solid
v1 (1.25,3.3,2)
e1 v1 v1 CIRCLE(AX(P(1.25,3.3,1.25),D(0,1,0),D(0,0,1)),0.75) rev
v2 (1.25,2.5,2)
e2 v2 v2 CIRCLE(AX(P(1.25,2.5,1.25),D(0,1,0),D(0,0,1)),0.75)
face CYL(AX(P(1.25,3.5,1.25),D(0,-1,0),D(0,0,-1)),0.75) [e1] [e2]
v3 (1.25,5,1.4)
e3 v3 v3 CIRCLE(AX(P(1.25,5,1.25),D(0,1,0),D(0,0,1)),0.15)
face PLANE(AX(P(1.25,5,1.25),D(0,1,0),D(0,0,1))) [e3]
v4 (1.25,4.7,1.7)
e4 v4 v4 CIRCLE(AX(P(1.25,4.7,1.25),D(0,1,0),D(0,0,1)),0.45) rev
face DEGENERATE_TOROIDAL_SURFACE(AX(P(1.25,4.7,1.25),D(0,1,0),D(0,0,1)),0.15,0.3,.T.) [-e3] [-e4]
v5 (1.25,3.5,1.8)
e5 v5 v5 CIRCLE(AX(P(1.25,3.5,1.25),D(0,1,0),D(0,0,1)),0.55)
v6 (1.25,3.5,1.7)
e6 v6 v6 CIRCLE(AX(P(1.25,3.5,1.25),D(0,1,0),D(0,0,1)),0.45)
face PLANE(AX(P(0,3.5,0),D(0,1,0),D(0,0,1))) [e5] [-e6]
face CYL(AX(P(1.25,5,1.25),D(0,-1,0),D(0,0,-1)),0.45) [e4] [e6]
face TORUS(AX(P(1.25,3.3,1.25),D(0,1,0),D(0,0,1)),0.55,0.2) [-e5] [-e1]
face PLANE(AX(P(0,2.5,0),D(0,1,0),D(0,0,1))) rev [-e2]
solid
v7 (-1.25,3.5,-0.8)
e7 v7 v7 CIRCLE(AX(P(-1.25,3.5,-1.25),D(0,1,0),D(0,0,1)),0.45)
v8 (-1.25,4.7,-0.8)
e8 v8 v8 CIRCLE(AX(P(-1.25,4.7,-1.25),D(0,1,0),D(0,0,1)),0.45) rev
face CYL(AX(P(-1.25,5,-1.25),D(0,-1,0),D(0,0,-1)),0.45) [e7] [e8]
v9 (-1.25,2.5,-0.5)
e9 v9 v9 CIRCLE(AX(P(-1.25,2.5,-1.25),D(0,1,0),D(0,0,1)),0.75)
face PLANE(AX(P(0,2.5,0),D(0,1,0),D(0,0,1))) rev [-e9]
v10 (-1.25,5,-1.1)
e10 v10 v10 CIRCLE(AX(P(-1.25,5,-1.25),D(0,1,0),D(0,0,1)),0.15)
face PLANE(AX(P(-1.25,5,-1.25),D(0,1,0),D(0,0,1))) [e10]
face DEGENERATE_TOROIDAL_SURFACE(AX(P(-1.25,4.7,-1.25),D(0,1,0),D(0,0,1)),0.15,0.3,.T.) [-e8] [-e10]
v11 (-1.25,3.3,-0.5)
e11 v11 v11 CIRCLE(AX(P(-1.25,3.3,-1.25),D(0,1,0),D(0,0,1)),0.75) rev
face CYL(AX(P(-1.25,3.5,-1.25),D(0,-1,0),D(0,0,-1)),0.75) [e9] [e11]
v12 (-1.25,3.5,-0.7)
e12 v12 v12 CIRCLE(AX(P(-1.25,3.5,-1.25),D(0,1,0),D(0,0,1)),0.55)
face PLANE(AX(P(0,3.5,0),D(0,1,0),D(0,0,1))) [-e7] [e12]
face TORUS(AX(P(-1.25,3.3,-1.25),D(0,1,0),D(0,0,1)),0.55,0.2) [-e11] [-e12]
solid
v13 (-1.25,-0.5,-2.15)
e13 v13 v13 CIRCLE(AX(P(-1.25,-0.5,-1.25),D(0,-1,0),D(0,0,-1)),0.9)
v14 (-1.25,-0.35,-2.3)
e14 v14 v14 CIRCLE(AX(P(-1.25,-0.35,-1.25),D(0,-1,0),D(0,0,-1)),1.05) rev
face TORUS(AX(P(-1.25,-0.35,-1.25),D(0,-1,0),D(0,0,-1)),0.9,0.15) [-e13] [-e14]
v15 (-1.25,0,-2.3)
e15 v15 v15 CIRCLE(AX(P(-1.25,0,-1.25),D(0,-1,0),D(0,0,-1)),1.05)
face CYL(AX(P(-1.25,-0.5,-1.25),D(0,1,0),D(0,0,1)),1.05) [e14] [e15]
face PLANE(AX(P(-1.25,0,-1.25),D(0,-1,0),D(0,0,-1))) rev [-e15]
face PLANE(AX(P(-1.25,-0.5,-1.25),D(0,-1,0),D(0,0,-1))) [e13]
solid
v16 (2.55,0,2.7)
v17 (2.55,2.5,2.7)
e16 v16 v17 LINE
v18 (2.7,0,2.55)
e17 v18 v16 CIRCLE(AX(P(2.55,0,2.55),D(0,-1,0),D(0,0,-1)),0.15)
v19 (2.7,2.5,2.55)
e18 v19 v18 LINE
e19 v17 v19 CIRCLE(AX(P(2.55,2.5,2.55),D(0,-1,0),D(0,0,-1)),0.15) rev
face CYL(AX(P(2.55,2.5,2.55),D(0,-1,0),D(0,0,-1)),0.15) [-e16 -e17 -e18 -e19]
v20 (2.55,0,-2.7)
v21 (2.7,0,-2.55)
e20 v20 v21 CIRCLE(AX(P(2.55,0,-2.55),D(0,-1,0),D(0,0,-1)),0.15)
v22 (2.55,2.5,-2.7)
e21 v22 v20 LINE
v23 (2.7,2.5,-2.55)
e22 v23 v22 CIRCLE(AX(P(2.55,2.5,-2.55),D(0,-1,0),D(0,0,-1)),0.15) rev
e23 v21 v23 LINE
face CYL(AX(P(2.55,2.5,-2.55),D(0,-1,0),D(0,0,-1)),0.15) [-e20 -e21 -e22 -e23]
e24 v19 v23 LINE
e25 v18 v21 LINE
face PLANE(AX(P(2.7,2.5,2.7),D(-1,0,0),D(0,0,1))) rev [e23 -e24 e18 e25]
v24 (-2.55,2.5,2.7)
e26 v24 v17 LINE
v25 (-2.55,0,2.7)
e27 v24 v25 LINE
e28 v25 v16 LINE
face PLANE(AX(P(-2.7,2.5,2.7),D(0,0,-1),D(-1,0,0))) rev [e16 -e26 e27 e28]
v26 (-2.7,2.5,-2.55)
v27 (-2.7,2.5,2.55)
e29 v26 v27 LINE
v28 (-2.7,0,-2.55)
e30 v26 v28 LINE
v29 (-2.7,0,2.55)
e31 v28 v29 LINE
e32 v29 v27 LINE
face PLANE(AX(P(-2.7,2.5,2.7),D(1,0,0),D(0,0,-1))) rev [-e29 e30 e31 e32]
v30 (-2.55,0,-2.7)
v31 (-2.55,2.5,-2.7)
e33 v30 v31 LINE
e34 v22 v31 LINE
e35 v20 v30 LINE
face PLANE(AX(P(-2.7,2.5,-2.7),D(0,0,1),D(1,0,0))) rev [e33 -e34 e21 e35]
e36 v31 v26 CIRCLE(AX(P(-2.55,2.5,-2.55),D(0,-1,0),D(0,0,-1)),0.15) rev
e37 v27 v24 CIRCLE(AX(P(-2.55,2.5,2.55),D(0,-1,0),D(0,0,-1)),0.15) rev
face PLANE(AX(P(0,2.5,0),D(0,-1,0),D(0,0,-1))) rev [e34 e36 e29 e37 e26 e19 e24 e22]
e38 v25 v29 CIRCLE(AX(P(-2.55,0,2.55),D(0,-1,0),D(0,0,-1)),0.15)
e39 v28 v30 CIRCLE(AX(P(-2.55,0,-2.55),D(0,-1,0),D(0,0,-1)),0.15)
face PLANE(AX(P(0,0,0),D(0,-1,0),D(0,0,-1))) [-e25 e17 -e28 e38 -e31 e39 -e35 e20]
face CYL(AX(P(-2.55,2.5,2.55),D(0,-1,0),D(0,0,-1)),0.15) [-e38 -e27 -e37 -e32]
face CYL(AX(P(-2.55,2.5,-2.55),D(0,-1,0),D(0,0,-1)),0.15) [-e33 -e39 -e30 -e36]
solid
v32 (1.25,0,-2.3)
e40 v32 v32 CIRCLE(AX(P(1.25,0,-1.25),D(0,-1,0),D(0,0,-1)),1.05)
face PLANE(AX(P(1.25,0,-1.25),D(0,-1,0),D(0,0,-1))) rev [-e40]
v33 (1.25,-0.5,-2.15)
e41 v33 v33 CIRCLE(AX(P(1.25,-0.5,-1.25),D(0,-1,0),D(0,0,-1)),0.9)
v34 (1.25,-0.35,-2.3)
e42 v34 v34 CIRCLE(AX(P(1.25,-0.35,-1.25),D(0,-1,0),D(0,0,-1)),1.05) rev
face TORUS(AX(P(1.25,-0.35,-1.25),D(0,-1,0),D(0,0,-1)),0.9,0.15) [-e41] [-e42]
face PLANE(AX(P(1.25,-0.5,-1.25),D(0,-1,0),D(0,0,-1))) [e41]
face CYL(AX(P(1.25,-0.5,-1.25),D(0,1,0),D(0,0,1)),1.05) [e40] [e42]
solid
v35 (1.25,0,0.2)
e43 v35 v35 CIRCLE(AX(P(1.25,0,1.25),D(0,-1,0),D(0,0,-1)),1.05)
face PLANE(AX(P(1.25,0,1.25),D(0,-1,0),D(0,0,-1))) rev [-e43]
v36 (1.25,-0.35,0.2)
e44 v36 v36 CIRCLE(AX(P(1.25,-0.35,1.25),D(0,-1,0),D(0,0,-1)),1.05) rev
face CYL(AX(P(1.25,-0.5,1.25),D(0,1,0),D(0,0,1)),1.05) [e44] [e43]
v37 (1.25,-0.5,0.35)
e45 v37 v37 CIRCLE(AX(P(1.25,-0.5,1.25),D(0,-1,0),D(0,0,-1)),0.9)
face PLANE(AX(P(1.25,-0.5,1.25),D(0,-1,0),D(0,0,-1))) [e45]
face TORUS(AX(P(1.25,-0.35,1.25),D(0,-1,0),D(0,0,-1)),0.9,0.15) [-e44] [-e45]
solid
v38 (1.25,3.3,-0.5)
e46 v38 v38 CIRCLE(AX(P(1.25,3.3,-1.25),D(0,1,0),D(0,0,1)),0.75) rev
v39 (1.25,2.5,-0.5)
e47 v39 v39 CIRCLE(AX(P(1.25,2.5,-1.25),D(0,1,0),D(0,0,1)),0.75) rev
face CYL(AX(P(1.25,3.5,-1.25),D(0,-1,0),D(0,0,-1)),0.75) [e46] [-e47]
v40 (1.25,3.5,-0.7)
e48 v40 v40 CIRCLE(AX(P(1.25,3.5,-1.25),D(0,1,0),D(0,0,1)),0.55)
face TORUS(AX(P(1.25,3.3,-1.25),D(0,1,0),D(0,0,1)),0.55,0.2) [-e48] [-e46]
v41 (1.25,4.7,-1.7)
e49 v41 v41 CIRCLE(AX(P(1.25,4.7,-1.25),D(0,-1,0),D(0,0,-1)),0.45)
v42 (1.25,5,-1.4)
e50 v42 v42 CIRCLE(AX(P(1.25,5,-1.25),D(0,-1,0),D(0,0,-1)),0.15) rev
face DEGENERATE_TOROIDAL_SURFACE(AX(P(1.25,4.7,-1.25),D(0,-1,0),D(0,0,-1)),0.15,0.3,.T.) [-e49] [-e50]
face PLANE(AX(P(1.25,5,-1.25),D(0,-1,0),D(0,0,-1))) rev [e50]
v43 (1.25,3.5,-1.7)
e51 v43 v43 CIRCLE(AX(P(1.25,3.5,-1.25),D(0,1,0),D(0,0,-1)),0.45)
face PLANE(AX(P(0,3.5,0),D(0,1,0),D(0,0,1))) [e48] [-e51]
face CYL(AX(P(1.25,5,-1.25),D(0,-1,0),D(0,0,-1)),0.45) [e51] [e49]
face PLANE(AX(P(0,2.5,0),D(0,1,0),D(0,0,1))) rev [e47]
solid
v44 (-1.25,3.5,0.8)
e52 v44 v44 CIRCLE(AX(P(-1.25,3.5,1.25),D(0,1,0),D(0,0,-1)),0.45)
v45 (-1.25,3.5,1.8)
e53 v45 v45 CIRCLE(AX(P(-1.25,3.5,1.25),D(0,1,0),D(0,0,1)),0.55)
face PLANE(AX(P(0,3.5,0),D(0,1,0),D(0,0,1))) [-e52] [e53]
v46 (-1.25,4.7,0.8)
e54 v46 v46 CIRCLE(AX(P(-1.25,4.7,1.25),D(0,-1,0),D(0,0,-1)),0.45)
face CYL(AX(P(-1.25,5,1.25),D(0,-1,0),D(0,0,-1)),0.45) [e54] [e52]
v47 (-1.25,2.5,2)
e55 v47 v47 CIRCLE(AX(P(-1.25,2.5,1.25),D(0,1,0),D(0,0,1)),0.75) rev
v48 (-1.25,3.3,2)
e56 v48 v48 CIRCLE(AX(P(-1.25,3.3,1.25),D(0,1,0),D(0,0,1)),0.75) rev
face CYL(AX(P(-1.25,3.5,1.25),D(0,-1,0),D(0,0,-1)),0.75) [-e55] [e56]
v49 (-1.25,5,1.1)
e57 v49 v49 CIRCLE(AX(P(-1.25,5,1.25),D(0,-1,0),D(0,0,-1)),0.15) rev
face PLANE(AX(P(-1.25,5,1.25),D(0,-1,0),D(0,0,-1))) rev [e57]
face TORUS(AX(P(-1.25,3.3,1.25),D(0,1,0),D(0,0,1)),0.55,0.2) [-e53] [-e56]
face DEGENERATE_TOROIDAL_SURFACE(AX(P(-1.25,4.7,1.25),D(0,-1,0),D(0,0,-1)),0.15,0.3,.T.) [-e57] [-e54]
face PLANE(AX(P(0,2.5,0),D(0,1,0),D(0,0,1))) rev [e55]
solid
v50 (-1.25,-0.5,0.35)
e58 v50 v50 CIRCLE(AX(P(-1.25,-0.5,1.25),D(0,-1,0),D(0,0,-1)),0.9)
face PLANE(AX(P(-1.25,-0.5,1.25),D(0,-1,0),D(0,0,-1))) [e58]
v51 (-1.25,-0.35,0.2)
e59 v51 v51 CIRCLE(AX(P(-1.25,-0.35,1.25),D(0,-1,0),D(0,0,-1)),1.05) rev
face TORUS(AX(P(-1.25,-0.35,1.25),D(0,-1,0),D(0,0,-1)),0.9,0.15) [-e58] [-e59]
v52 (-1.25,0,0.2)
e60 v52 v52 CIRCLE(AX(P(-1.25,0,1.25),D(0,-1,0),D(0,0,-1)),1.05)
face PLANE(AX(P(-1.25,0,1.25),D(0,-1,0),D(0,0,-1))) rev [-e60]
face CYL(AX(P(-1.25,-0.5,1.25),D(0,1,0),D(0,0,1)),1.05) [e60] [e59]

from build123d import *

# Parameters (mm, degrees)
SKETCH_1_W        = 5.4
SKETCH_1_H        = 5.4
EXTRUDE_1_DEPTH   = 2.5
SKETCH_2_R        = 0.75
EXTRUDE_2_DEPTH   = 1
EXTRUDE_2_2_DEPTH = 1
EXTRUDE_2_3_DEPTH = 1
EXTRUDE_2_4_DEPTH = 1
SKETCH_3_R        = 0.45
EXTRUDE_3_DEPTH   = 1.5
FILLET_2_R        = 0.2
FILLET_3_R        = 0.2
FILLET_4_R        = 0.2
FILLET_5_R        = 0.2
FILLET_6_R        = 0.3
FILLET_7_R        = 0.3
FILLET_8_R        = 0.3
FILLET_9_R        = 0.3
SKETCH_4_R        = 1.05
EXTRUDE_4_DEPTH   = 0.5
EXTRUDE_4_2_DEPTH = 0.5
EXTRUDE_4_3_DEPTH = 0.5
EXTRUDE_4_4_DEPTH = 0.5
FILLET_10_R       = 0.15
FILLET_11_R       = 0.15
FILLET_12_R       = 0.15
FILLET_13_R       = 0.15
FILLET_14_R       = 0.15


with BuildPart() as part:
    # 草图1 → 凸台-拉伸1 (new body)
    with BuildSketch(Plane(origin=(0, 0, 0), x_dir=(1, 0, 0), z_dir=(0, 1, 0))):
        Rectangle(SKETCH_1_W, SKETCH_1_H)
    extrude(amount=EXTRUDE_1_DEPTH)

    # 圆角14
    fillet_14_edges = [part.edges().sort_by_distance(p)[0] for p in [
        (2.7, 1.25, 2.7),
        (-2.7, 1.25, 2.7),
        (-2.7, 1.25, -2.7),
        (2.7, 1.25, -2.7),
    ]]
    fillet(fillet_14_edges, radius=FILLET_14_R)


with BuildPart() as body_2:
    # 草图2 → 凸台-拉伸2 (new body)
    with BuildSketch(Plane(origin=(0, 2.5, 0), x_dir=(1, 0, 0), z_dir=(0, 1, 0))):
        with Locations(Location((-1.25, 1.25, 0), (0, 0, 270))):
            Circle(SKETCH_2_R)
    extrude(amount=EXTRUDE_2_DEPTH)



with BuildPart() as body_3:
    # 草图2 → Extrude 2 2 (new body)
    with BuildSketch(Plane(origin=(0, 2.5, 0), x_dir=(1, 0, 0), z_dir=(0, 1, 0))):
        with Locations(Location((1.25, 1.25, 0), (0, 0, 270))):
            Circle(SKETCH_2_R)
    extrude(amount=EXTRUDE_2_2_DEPTH)


with BuildPart() as body_4:
    # 草图2 → Extrude 2 3 (new body)
    with BuildSketch(Plane(origin=(0, 2.5, 0), x_dir=(1, 0, 0), z_dir=(0, 1, 0))):
        with Locations(Location((-1.25, -1.25, 0), (0, 0, 270))):
            Circle(SKETCH_2_R)
    extrude(amount=EXTRUDE_2_3_DEPTH)


with BuildPart() as body_5:
    # 草图2 → Extrude 2 4 (new body)
    with BuildSketch(Plane(origin=(0, 2.5, 0), x_dir=(1, 0, 0), z_dir=(0, 1, 0))):
        with Locations(Location((1.25, -1.25, 0), (0, 0, 270))):
            Circle(SKETCH_2_R)
    extrude(amount=EXTRUDE_2_4_DEPTH)


with BuildPart() as body_2_1:
    add(body_2.part)

    add(body_3.part)  # 凸台-拉伸3 merges body 3

    add(body_4.part)  # 凸台-拉伸3 merges body 4

    add(body_5.part)  # 凸台-拉伸3 merges body 5
    # 草图3 → 凸台-拉伸3 (add)
    with BuildSketch(Plane(origin=(0, 3.5, 0), x_dir=(1, 0, 0), z_dir=(0, 1, 0))):
        with Locations(Location((-1.25, 1.25, 0), (0, 0, 270))):
            Circle(SKETCH_3_R)
        with Locations(Location((1.25, 1.25, 0), (0, 0, 90))):
            Circle(SKETCH_3_R)
        with Locations(Location((1.25, -1.25, 0), (0, 0, 270))):
            Circle(SKETCH_3_R)
        with Locations(Location((-1.25, -1.25, 0), (0, 0, 90))):
            Circle(SKETCH_3_R)
    extrude(amount=EXTRUDE_3_DEPTH)

    # 圆角2
    fillet_2_edges = [body_2_1.edges().sort_by_distance(p)[0] for p in [
        (-1.25, 3.5, -2),
    ]]
    fillet(fillet_2_edges, radius=FILLET_2_R)

    # 圆角3
    fillet_3_edges = [body_2_1.edges().sort_by_distance(p)[0] for p in [
        (1.25, 3.5, -2),
    ]]
    fillet(fillet_3_edges, radius=FILLET_3_R)

    # 圆角4
    fillet_4_edges = [body_2_1.edges().sort_by_distance(p)[0] for p in [
        (1.25, 3.5, 0.5),
    ]]
    fillet(fillet_4_edges, radius=FILLET_4_R)

    # 圆角5
    fillet_5_edges = [body_2_1.edges().sort_by_distance(p)[0] for p in [
        (-1.25, 3.5, 0.5),
    ]]
    fillet(fillet_5_edges, radius=FILLET_5_R)

    # 圆角6
    fillet_6_edges = [body_2_1.edges().sort_by_distance(p)[0] for p in [
        (-1.25, 5, -1.7),
    ]]
    fillet(fillet_6_edges, radius=FILLET_6_R)

    # 圆角7
    fillet_7_edges = [body_2_1.edges().sort_by_distance(p)[0] for p in [
        (1.25, 5, -0.8),
    ]]
    fillet(fillet_7_edges, radius=FILLET_7_R)

    # 圆角8
    fillet_8_edges = [body_2_1.edges().sort_by_distance(p)[0] for p in [
        (1.25, 5, 0.8),
    ]]
    fillet(fillet_8_edges, radius=FILLET_8_R)

    # 圆角9
    fillet_9_edges = [body_2_1.edges().sort_by_distance(p)[0] for p in [
        (-1.25, 5, 1.7),
    ]]
    fillet(fillet_9_edges, radius=FILLET_9_R)


with BuildPart() as body_3_2:
    # 草图4 → 凸台-拉伸4 (new body)
    with BuildSketch(Plane.XZ):
        with Locations(Location((-1.25, 1.25, 0), (0, 0, 270))):
            Circle(SKETCH_4_R)
    extrude(amount=EXTRUDE_4_DEPTH)

    # 圆角10
    fillet_10_edges = [body_3_2.edges().sort_by_distance(p)[0] for p in [
        (-1.25, -0.5, 2.3),
    ]]
    fillet(fillet_10_edges, radius=FILLET_10_R)


with BuildPart() as body_4_2:
    # 草图4 → Extrude 4 2 (new body)
    with BuildSketch(Plane.XZ):
        with Locations(Location((1.25, 1.25, 0), (0, 0, 270))):
            Circle(SKETCH_4_R)
    extrude(amount=EXTRUDE_4_2_DEPTH)

    # 圆角11
    fillet_11_edges = [body_4_2.edges().sort_by_distance(p)[0] for p in [
        (1.25, -0.5, 2.3),
    ]]
    fillet(fillet_11_edges, radius=FILLET_11_R)


with BuildPart() as body_5_2:
    # 草图4 → Extrude 4 3 (new body)
    with BuildSketch(Plane.XZ):
        with Locations(Location((1.25, -1.25, 0), (0, 0, 270))):
            Circle(SKETCH_4_R)
    extrude(amount=EXTRUDE_4_3_DEPTH)

    # 圆角13
    fillet_13_edges = [body_5_2.edges().sort_by_distance(p)[0] for p in [
        (1.25, -0.5, -0.2),
    ]]
    fillet(fillet_13_edges, radius=FILLET_13_R)


with BuildPart() as body_6:
    # 草图4 → Extrude 4 4 (new body)
    with BuildSketch(Plane.XZ):
        with Locations(Location((-1.25, -1.25, 0), (0, 0, 270))):
            Circle(SKETCH_4_R)
    extrude(amount=EXTRUDE_4_4_DEPTH)

    # 圆角12
    fillet_12_edges = [body_6.edges().sort_by_distance(p)[0] for p in [
        (-1.25, -0.5, -0.2),
    ]]
    fillet(fillet_12_edges, radius=FILLET_12_R)


solid = Compound([part.part, body_2_1.part, body_3_2.part, body_4_2.part, body_5_2.part, body_6.part])
